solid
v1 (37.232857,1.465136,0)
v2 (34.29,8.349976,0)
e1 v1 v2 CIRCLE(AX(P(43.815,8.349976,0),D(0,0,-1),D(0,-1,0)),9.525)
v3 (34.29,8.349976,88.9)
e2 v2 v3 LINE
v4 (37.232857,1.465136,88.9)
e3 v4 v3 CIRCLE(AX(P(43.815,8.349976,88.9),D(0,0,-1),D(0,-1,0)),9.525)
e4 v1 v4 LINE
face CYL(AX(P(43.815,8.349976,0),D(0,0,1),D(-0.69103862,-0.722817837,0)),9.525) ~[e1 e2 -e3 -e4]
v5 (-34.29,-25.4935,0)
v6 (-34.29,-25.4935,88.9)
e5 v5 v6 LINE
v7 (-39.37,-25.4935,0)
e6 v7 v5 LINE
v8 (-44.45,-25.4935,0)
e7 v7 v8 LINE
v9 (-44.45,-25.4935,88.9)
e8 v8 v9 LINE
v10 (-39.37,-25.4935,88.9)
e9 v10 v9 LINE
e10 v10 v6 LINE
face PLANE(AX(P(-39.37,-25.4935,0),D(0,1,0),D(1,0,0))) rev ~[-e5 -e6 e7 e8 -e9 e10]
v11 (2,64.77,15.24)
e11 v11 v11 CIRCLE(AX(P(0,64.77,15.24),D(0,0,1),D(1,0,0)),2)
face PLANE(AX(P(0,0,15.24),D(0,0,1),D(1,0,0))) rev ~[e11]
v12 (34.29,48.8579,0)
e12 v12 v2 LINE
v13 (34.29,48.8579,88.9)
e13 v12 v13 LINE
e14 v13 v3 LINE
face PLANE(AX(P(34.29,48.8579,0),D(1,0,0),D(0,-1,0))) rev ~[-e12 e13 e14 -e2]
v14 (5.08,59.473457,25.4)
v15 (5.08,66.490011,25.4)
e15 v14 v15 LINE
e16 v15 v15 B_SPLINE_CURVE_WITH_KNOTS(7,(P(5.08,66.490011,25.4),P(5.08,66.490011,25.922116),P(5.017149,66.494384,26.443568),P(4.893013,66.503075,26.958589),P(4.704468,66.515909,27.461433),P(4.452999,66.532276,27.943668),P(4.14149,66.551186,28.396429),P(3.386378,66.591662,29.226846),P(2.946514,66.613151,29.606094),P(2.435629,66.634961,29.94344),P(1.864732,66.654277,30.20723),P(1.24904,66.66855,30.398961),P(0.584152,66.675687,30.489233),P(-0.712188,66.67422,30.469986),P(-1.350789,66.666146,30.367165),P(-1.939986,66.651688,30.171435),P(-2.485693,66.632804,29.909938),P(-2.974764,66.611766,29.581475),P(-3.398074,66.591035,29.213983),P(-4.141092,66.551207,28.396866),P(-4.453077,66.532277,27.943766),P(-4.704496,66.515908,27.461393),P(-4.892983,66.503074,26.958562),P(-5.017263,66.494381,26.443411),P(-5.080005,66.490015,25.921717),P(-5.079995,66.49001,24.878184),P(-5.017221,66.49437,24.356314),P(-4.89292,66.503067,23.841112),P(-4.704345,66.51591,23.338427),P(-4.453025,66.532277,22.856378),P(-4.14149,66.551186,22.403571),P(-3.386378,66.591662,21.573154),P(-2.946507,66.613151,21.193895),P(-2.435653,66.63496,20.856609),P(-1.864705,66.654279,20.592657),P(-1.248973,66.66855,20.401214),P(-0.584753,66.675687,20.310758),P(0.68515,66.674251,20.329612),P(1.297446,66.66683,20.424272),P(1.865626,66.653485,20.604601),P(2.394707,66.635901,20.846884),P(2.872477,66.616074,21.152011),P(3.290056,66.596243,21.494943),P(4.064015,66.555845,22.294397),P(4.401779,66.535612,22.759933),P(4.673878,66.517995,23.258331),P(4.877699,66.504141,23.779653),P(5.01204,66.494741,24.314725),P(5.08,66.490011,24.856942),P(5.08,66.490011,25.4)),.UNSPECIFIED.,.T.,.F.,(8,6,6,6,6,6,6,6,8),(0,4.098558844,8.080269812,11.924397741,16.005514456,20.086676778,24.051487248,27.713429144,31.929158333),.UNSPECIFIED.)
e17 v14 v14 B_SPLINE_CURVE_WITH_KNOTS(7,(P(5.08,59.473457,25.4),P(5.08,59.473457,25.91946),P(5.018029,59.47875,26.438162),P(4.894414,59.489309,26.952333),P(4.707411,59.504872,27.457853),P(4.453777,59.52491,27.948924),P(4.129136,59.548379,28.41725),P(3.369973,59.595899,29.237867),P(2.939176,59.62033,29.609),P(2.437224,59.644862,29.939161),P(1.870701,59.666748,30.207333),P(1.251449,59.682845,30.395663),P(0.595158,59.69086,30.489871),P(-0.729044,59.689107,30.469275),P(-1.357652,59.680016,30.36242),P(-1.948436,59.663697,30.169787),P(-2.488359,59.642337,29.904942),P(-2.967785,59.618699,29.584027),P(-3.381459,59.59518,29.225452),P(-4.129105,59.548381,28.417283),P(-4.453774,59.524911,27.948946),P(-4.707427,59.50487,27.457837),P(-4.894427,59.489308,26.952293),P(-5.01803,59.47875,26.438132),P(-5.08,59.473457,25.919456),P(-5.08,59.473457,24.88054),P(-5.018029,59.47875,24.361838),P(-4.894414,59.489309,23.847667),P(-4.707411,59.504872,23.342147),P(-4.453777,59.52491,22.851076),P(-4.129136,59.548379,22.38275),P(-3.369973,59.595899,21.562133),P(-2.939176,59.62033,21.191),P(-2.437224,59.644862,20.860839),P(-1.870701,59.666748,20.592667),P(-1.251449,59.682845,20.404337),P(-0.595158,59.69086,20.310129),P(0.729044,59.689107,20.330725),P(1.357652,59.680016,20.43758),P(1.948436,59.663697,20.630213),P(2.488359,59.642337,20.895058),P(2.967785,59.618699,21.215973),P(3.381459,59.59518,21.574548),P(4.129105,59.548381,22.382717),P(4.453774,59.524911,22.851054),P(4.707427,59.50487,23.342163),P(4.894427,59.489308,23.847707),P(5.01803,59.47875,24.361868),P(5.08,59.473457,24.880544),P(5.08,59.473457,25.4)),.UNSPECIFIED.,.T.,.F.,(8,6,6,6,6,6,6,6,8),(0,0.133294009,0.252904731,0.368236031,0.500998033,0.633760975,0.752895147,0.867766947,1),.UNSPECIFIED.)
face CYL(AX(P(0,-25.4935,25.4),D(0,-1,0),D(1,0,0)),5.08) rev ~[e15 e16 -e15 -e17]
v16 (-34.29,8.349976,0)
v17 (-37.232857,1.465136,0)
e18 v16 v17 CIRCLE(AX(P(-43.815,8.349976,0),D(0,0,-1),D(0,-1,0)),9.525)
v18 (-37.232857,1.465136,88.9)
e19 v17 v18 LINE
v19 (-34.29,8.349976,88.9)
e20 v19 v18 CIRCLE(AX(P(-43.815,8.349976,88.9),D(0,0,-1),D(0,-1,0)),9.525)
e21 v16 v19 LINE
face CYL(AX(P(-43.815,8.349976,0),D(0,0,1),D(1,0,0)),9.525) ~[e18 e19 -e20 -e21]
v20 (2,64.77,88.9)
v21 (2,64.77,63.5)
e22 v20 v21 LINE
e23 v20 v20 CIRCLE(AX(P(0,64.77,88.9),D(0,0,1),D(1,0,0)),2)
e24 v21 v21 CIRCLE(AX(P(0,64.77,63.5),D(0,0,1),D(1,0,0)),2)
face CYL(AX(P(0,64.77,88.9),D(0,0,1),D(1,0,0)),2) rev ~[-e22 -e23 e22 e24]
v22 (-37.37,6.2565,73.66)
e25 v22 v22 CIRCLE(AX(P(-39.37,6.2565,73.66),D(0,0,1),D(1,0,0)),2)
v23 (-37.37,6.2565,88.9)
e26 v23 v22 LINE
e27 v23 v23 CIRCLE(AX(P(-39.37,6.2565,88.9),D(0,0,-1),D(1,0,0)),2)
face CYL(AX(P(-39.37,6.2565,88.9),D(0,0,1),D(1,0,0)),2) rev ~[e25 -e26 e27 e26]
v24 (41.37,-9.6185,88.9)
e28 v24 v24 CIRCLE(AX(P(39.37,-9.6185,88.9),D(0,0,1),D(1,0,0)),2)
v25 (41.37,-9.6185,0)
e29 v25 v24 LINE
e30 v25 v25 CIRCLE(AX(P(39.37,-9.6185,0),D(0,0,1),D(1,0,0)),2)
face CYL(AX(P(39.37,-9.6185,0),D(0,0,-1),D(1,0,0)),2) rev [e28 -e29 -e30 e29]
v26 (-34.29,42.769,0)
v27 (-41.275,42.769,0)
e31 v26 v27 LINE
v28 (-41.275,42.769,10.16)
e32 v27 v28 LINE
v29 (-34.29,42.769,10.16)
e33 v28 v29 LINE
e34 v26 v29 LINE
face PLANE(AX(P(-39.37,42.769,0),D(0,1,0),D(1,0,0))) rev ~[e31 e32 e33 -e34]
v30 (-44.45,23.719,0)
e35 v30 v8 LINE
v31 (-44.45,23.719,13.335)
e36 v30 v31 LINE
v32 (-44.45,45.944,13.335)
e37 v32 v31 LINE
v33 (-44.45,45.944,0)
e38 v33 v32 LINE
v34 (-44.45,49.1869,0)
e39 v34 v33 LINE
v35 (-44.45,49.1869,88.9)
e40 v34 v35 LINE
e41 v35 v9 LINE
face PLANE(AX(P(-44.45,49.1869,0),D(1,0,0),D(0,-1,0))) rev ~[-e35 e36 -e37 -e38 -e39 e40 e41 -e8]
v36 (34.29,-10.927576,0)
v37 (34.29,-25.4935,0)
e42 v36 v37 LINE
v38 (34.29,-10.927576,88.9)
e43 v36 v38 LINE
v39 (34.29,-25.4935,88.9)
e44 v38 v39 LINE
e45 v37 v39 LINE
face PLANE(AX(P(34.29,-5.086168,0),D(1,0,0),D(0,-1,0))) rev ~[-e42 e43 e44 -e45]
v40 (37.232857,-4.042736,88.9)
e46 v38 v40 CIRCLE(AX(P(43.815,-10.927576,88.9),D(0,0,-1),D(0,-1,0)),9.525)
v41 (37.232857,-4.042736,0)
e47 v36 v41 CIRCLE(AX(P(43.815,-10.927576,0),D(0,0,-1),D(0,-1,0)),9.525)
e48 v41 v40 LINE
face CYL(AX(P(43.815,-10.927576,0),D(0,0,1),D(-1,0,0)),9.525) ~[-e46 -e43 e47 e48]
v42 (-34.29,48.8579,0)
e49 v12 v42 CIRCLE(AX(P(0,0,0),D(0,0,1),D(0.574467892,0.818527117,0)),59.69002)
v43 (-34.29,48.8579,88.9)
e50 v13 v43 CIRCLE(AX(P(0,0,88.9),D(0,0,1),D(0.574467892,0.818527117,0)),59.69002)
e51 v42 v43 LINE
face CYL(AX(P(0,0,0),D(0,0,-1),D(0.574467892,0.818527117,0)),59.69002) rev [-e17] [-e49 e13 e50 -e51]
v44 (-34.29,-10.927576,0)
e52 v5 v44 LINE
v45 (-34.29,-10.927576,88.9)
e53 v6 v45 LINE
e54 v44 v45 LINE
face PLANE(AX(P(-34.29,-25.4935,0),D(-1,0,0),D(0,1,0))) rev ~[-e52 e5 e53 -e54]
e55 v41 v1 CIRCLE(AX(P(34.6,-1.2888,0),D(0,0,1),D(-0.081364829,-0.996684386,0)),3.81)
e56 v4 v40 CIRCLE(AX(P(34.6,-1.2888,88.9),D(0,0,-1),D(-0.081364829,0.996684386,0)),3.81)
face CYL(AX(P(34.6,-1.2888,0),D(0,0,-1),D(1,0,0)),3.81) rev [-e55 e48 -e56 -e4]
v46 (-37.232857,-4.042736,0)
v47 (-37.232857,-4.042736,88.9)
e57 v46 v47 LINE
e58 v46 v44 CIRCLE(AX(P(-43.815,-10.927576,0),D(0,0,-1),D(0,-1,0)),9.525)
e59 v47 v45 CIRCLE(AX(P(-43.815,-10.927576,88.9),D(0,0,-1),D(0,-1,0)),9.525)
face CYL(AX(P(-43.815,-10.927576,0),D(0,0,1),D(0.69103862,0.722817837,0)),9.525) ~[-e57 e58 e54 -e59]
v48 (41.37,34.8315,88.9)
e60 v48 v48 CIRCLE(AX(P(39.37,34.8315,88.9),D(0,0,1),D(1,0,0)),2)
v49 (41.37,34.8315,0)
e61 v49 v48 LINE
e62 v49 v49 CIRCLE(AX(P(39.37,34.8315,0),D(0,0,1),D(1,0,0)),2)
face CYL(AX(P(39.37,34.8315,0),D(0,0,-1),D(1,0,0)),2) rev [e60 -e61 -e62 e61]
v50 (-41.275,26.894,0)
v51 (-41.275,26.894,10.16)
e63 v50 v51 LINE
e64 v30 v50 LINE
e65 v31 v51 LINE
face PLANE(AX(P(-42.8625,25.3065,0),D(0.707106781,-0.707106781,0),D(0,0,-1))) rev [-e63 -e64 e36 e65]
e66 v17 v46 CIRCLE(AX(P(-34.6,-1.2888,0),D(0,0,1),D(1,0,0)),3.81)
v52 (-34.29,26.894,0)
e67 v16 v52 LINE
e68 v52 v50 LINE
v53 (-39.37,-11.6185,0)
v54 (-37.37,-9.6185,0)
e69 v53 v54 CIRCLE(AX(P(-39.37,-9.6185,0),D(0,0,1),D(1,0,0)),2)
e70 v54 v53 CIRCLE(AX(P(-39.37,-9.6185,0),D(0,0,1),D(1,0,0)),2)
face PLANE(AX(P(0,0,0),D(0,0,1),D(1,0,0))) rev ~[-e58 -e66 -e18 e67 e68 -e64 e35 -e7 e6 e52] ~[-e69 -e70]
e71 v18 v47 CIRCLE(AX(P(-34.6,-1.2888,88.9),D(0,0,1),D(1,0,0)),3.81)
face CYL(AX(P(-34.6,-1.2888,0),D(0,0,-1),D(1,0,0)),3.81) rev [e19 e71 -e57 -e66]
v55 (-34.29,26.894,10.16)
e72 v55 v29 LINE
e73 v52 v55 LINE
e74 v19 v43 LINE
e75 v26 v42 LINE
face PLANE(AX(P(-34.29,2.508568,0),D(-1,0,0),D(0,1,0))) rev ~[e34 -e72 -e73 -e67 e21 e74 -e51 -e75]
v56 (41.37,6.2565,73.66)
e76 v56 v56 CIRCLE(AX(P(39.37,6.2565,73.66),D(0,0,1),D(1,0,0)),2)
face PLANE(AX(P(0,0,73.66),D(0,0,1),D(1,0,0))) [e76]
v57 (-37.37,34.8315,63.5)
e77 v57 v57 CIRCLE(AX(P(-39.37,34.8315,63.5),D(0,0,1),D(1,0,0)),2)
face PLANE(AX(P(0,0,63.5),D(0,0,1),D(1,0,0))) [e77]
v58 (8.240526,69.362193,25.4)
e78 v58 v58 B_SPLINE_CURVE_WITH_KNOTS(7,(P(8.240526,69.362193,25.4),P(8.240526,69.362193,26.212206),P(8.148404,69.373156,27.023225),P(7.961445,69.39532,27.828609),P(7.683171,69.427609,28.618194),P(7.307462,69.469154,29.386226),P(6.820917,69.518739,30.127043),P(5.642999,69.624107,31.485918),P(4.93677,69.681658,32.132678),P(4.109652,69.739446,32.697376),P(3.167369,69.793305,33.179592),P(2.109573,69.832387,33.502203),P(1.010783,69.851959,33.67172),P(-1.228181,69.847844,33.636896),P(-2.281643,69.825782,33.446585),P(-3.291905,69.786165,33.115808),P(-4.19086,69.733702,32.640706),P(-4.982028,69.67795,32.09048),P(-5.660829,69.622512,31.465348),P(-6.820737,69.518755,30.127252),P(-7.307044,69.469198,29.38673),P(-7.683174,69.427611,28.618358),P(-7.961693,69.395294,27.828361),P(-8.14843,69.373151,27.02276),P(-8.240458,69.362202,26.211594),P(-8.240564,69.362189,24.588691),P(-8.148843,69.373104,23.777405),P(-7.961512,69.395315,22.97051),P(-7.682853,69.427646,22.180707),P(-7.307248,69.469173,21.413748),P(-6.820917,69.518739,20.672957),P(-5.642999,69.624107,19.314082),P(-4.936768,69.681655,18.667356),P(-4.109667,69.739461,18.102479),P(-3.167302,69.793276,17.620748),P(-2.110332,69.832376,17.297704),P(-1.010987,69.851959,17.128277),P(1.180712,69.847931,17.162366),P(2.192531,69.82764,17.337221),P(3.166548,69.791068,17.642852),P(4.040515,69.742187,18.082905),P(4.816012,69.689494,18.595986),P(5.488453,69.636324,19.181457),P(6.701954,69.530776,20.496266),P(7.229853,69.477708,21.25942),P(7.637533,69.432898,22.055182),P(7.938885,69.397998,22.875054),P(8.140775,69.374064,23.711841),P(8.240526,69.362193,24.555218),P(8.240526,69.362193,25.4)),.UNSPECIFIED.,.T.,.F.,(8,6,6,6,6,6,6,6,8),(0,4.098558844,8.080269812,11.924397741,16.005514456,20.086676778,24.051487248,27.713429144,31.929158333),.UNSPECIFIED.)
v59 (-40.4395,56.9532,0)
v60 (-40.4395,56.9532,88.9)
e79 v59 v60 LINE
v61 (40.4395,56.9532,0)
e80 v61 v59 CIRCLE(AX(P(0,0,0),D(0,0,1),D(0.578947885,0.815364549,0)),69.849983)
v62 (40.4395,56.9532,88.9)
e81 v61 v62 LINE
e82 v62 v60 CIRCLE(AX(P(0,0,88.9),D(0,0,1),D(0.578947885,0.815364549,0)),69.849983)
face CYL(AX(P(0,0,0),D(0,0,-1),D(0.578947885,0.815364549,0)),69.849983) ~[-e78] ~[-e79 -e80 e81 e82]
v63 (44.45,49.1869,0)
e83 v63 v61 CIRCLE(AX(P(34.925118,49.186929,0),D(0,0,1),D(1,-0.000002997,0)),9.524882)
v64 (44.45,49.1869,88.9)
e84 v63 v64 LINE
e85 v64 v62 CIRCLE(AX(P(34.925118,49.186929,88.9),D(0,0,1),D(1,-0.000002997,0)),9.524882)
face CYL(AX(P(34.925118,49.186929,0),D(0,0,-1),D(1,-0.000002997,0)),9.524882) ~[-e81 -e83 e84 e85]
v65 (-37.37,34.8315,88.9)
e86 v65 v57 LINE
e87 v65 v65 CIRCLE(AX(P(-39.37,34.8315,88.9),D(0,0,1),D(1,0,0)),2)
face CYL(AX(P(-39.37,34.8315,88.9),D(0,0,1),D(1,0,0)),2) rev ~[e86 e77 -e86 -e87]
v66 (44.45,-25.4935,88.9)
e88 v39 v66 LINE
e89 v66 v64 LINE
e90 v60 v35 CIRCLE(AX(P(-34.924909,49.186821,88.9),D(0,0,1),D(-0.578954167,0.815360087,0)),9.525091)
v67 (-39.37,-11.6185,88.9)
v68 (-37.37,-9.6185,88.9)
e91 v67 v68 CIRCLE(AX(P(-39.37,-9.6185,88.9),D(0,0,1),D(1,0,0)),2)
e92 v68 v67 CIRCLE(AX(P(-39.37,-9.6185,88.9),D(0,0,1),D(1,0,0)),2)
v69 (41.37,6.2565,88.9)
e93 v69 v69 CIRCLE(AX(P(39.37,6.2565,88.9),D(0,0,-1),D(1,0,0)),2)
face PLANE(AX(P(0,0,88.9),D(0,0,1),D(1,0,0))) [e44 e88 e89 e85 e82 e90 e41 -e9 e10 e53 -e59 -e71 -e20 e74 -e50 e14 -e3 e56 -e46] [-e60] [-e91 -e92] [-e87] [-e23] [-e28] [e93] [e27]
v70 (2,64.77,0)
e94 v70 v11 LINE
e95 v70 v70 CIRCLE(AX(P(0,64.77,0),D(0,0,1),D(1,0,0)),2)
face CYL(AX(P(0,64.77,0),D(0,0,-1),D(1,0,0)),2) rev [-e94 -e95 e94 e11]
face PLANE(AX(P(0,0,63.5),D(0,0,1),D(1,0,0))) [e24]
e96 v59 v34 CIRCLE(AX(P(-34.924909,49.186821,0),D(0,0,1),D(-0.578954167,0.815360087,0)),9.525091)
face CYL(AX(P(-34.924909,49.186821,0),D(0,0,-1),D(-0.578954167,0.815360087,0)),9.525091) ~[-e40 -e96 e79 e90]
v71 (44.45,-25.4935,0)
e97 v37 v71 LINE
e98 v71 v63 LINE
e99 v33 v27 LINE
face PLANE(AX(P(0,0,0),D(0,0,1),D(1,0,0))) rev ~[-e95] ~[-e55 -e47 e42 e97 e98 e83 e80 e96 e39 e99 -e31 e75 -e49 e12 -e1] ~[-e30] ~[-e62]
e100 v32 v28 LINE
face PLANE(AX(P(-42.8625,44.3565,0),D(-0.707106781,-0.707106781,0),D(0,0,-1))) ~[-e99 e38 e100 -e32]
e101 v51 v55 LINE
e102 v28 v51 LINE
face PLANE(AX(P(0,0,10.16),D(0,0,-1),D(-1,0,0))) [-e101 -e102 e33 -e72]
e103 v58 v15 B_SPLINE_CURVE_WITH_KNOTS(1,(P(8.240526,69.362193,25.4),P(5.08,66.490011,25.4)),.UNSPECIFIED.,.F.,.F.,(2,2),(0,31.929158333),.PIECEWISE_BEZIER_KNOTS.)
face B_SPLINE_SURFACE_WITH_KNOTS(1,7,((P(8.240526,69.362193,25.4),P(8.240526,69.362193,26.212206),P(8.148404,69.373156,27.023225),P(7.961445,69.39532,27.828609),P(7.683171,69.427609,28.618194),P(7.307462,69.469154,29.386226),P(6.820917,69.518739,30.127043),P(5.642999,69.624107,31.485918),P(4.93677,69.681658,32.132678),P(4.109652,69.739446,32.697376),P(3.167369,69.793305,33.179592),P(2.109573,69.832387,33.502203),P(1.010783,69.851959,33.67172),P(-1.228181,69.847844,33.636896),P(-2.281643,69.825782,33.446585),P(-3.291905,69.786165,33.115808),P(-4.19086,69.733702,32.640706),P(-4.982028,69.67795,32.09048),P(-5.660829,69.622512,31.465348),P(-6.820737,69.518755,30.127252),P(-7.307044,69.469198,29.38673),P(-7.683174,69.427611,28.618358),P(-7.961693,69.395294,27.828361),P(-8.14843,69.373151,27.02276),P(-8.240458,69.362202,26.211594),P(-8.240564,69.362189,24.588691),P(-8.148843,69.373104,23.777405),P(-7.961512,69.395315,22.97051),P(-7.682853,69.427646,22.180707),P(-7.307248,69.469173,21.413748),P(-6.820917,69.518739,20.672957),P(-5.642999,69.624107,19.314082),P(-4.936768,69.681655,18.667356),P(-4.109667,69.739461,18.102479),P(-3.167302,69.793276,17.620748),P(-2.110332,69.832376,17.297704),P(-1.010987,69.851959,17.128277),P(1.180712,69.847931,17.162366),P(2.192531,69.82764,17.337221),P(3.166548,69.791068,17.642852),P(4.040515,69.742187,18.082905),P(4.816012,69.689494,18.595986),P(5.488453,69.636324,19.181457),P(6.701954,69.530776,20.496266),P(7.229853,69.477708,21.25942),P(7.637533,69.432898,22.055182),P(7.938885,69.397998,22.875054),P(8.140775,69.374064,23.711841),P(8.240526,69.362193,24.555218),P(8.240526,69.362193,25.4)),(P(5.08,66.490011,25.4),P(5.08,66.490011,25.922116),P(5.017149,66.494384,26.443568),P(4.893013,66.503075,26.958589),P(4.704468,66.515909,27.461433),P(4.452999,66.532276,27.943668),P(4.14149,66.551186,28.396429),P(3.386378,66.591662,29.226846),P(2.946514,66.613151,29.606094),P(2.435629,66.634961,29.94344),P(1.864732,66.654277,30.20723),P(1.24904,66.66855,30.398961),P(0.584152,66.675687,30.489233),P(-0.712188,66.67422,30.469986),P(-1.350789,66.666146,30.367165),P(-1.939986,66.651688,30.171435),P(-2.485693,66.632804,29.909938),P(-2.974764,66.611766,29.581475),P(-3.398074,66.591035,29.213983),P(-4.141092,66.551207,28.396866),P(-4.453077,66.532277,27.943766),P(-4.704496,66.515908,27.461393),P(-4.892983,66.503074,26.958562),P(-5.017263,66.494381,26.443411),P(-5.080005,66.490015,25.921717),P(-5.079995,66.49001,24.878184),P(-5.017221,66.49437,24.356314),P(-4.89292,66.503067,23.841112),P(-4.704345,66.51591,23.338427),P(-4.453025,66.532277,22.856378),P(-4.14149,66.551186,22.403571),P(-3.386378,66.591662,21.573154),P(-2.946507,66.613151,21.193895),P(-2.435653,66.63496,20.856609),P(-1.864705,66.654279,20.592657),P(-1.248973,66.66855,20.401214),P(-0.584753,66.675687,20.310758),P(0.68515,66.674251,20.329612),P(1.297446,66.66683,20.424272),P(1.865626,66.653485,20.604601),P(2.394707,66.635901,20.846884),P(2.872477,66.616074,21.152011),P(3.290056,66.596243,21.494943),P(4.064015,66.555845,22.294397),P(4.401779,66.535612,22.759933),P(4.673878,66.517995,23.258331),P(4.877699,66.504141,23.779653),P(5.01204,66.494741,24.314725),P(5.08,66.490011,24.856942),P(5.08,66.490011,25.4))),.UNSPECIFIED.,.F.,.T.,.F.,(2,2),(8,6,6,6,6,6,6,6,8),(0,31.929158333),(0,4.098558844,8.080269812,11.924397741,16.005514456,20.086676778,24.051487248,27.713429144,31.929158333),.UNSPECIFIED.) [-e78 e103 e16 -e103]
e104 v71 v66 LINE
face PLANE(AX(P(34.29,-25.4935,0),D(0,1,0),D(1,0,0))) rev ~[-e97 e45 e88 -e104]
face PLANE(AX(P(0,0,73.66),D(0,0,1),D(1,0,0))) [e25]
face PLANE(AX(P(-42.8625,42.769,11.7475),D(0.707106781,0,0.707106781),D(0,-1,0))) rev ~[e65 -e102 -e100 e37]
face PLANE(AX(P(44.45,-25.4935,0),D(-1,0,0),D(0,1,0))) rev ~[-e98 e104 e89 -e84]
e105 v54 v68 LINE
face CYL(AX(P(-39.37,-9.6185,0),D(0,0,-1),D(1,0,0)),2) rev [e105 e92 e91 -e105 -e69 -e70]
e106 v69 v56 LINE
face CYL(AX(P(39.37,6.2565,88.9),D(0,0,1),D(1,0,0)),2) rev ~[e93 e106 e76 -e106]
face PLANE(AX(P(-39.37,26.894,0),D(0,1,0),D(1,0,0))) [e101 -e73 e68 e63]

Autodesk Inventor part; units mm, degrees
ref_plane "YZ Plane" through (0, 0, 0) normal (1, 0, 0) x (0, 1, 0)
ref_plane "XZ Plane" through (0, 0, 0) normal (0, 1, 0) x (-1, 0, 0)
ref_plane "XY Plane" through (0, 0, 0) normal (0, 0, 1) x (1, 0, 0)
sketch "Sketch1" plane through (0, 0, 0) normal (0, 0, 1) x (1, 0, 0)
  arc A0 (40.4395, 56.9532) -> (-40.4395, 56.9532) centre (0, 0) ccw
  arc A1 (-40.4395, 56.9532) -> (-44.45, 49.1869) centre (-34.925, 49.1869) ccw
  circle A2 centre (0, 64.77) radius 2
  arc A3 (44.45, 49.1869) -> (40.4395, 56.9532) centre (34.925, 49.1869) ccw
  line L0 (44.45, -25.4935) -> (44.45, 49.1869)
  line L1 (-44.45, 49.1869) -> (-44.45, -25.4935)
  circle A4 centre (-39.37, 34.8315) radius 2
  circle A5 centre (39.37, 34.8315) radius 2
  circle A6 centre (39.37, -9.6185) radius 2
  circle A7 centre (-39.37, -9.6185) radius 2
  circle A8 centre (-34.6, -1.2888) radius 2
  circle A9 centre (34.6, -1.2888) radius 2
  line L2 (-39.37, -9.6185) -> (-39.37, -25.4935)
  line L3 (-39.37, -25.4935) -> (-44.45, -25.4935)
  circle A10 centre (-34.6, -1.2888) radius 3.81
  circle A11 centre (34.6, -1.2888) radius 3.81
  line L4 (-34.29, -25.4935) -> (-34.29, 48.8579)
  arc A12 (34.29, 48.8579) -> (-34.29, 48.8579) centre (0, 0) ccw
  line L5 (34.29, 48.8579) -> (34.29, -25.4935)
  line L6 (-39.37, -25.4935) -> (-34.29, -25.4935)
  line L7 (34.29, -25.4935) -> (44.45, -25.4935)
  point P0 (0, 0)
  point P1 (-34.29, -5.0862)
  point P2 (-34.29, 2.5086)
  point P3 (34.29, 2.5086)
  point P4 (34.29, -5.0862)
  dimension "d0" = 7.62
  dimension "d1" = 7.62
  dimension "d2" = 10.16
extrude "Extrusion1" add sketch "Sketch1" along normal blind 88.9 contours A3 L0 L7 L5 A11 A12 L4 A10 L6 L3 L1 A1 A0 | A2 | A4
fillet "Fillet1" radius 9.525 4 edges at (-34.29, 2.5086, 44.45) (34.29, 2.5086, 44.45) (-34.29, -5.0862, 44.45) (34.29, -5.0862, 44.45)
sketch "Sketch5" plane through (34.29, -25.4935, 0) normal (0, -1, 0) x (1, 0, 0)
  line L0 (-68.58, 0) -> (-68.58, 88.9)
  line L1 (0, 88.9) -> (0, 0)
  line L2 (-68.58, 0) -> (0, 0)
  line L3 (-68.58, 0) -> (-34.29, 0)
  line L4 (-34.29, 0) -> (-34.29, 88.9)
  line L5 (-34.29, 0) -> (-34.29, 25.4)
  circle A0 centre (-34.29, 25.4) radius 5.08
  dimension "d39" = 25.4
  dimension "d40" = 10.16
extrude "Extrusion5" cut sketch "Sketch5" against normal through all
sketch "Sketch6" plane through (0, 0, 0) normal (0, 0, -1) x (-1, 0, 0)
  arc A0 (-34.29, -10.9276) -> (-37.2329, -4.0427) centre (-43.815, -10.9276) ccw
  arc A1 (-37.2329, 1.4651) -> (-37.2329, -4.0427) centre (-34.6, -1.2888) ccw
  arc A2 (-37.2329, 1.4651) -> (-34.29, 8.35) centre (-43.815, 8.35) ccw
  line L0 (-34.29, 48.8579) -> (-34.29, 8.35)
  arc A3 (34.29, 48.8579) -> (-34.29, 48.8579) centre (0, 0) ccw
  line L1 (34.29, 8.35) -> (34.29, 48.8579)
  arc A4 (34.29, 8.35) -> (37.2329, 1.4651) centre (43.815, 8.35) ccw
  arc A5 (37.2329, -4.0427) -> (37.2329, 1.4651) centre (34.6, -1.2888) ccw
  arc A6 (37.2329, -4.0427) -> (34.29, -10.9276) centre (43.815, -10.9276) ccw
  line L2 (34.29, -25.4935) -> (34.29, -10.9276)
  line L3 (44.45, -25.4935) -> (34.29, -25.4935)
  line L4 (44.45, 49.1869) -> (44.45, -25.4935)
  arc A7 (44.45, 49.1869) -> (40.4395, 56.9532) centre (34.925, 49.1869) ccw
  arc A8 (40.4395, 56.9532) -> (-40.4395, 56.9532) centre (0, 0) ccw
  arc A9 (-40.4395, 56.9532) -> (-44.45, 49.1869) centre (-34.925, 49.1869) ccw
  line L5 (-44.45, -25.4935) -> (-44.45, 49.1869)
  line L6 (-34.29, -25.4935) -> (-44.45, -25.4935)
  line L7 (-34.29, -10.9276) -> (-34.29, -25.4935)
  circle A10 centre (39.37, -9.6185) radius 2
  circle A11 centre (-39.37, -9.6185) radius 2
  circle A12 centre (-39.37, 34.8315) radius 2
  line L8 (39.37, 34.8315) -> (39.37, 42.769)
  line L9 (39.37, 42.769) -> (39.37, 26.894)
  line L10 (39.37, 42.769) -> (47.6019, 42.769)
  line L11 (39.37, 26.894) -> (47.6019, 26.894)
  line L12 (39.37, 42.769) -> (31.4554, 42.769)
  line L13 (39.37, 26.894) -> (31.1414, 26.894)
  point P0 (0, 0)
  point P1 (34.29, 42.769)
  point P2 (34.29, 26.894)
  point P3 (44.45, 26.894)
  point P4 (44.45, 42.769)
  dimension "d43" = 7.9375
  dimension "d44" = 15.875
extrude "Extrusion6" cut sketch "Sketch6" against normal blind 10.16 contours L12 L8 L9 L13 L1 | L10 L4 L11 L9 L8
chamfer "Chamfer3" distance 3.175 angle 45 3 edges at (-44.45, 34.8315, 10.16) (-44.45, 42.769, 5.08) (-44.45, 26.894, 5.08)
chamfer "Chamfer4" distance 3.175 angle 45 1 edges at (-5.0799, 69.665, 25.4351)
sketch "Sketch7" plane through (0, 0, 88.9) normal (0, 0, 1) x (1, 0, 0)
  circle A0 centre (0, 64.77) radius 2
  circle A1 centre (-39.37, 34.8315) radius 2
  point P0 (0, 0)
extrude "Extrusion7" cut sketch "Sketch7" against normal blind 25.4
sketch "Sketch8" plane through (0, 0, 0) normal (0, 0, -1) x (-1, 0, 0)
  point P0 (0, 0)
extrude "Extrusion8" cut sketch "Sketch1" along normal blind 15.24 contours A2
sketch "Sketch9" plane through (0, 0, 88.9) normal (0, 0, 1) x (1, 0, 0)
  circle A0 centre (-39.37, 34.8315) radius 2
  line L0 (-39.37, 34.8315) -> (-39.37, 6.2565)
  circle A1 centre (-39.37, 6.2565) radius 2
  circle A2 centre (39.37, 34.8315) radius 2
  line L1 (39.37, 34.8315) -> (39.37, 6.2565)
  circle A3 centre (39.37, 6.2565) radius 2
  point P0 (0, 0)
  dimension "d57" = 28.575
  dimension "d58" = 4
  dimension "d59" = 28.575
  dimension "d60" = 4
extrude "Extrusion9" cut sketch "Sketch9" against normal blind 15.24 contours A1 | A3
properties part number "back wall"
